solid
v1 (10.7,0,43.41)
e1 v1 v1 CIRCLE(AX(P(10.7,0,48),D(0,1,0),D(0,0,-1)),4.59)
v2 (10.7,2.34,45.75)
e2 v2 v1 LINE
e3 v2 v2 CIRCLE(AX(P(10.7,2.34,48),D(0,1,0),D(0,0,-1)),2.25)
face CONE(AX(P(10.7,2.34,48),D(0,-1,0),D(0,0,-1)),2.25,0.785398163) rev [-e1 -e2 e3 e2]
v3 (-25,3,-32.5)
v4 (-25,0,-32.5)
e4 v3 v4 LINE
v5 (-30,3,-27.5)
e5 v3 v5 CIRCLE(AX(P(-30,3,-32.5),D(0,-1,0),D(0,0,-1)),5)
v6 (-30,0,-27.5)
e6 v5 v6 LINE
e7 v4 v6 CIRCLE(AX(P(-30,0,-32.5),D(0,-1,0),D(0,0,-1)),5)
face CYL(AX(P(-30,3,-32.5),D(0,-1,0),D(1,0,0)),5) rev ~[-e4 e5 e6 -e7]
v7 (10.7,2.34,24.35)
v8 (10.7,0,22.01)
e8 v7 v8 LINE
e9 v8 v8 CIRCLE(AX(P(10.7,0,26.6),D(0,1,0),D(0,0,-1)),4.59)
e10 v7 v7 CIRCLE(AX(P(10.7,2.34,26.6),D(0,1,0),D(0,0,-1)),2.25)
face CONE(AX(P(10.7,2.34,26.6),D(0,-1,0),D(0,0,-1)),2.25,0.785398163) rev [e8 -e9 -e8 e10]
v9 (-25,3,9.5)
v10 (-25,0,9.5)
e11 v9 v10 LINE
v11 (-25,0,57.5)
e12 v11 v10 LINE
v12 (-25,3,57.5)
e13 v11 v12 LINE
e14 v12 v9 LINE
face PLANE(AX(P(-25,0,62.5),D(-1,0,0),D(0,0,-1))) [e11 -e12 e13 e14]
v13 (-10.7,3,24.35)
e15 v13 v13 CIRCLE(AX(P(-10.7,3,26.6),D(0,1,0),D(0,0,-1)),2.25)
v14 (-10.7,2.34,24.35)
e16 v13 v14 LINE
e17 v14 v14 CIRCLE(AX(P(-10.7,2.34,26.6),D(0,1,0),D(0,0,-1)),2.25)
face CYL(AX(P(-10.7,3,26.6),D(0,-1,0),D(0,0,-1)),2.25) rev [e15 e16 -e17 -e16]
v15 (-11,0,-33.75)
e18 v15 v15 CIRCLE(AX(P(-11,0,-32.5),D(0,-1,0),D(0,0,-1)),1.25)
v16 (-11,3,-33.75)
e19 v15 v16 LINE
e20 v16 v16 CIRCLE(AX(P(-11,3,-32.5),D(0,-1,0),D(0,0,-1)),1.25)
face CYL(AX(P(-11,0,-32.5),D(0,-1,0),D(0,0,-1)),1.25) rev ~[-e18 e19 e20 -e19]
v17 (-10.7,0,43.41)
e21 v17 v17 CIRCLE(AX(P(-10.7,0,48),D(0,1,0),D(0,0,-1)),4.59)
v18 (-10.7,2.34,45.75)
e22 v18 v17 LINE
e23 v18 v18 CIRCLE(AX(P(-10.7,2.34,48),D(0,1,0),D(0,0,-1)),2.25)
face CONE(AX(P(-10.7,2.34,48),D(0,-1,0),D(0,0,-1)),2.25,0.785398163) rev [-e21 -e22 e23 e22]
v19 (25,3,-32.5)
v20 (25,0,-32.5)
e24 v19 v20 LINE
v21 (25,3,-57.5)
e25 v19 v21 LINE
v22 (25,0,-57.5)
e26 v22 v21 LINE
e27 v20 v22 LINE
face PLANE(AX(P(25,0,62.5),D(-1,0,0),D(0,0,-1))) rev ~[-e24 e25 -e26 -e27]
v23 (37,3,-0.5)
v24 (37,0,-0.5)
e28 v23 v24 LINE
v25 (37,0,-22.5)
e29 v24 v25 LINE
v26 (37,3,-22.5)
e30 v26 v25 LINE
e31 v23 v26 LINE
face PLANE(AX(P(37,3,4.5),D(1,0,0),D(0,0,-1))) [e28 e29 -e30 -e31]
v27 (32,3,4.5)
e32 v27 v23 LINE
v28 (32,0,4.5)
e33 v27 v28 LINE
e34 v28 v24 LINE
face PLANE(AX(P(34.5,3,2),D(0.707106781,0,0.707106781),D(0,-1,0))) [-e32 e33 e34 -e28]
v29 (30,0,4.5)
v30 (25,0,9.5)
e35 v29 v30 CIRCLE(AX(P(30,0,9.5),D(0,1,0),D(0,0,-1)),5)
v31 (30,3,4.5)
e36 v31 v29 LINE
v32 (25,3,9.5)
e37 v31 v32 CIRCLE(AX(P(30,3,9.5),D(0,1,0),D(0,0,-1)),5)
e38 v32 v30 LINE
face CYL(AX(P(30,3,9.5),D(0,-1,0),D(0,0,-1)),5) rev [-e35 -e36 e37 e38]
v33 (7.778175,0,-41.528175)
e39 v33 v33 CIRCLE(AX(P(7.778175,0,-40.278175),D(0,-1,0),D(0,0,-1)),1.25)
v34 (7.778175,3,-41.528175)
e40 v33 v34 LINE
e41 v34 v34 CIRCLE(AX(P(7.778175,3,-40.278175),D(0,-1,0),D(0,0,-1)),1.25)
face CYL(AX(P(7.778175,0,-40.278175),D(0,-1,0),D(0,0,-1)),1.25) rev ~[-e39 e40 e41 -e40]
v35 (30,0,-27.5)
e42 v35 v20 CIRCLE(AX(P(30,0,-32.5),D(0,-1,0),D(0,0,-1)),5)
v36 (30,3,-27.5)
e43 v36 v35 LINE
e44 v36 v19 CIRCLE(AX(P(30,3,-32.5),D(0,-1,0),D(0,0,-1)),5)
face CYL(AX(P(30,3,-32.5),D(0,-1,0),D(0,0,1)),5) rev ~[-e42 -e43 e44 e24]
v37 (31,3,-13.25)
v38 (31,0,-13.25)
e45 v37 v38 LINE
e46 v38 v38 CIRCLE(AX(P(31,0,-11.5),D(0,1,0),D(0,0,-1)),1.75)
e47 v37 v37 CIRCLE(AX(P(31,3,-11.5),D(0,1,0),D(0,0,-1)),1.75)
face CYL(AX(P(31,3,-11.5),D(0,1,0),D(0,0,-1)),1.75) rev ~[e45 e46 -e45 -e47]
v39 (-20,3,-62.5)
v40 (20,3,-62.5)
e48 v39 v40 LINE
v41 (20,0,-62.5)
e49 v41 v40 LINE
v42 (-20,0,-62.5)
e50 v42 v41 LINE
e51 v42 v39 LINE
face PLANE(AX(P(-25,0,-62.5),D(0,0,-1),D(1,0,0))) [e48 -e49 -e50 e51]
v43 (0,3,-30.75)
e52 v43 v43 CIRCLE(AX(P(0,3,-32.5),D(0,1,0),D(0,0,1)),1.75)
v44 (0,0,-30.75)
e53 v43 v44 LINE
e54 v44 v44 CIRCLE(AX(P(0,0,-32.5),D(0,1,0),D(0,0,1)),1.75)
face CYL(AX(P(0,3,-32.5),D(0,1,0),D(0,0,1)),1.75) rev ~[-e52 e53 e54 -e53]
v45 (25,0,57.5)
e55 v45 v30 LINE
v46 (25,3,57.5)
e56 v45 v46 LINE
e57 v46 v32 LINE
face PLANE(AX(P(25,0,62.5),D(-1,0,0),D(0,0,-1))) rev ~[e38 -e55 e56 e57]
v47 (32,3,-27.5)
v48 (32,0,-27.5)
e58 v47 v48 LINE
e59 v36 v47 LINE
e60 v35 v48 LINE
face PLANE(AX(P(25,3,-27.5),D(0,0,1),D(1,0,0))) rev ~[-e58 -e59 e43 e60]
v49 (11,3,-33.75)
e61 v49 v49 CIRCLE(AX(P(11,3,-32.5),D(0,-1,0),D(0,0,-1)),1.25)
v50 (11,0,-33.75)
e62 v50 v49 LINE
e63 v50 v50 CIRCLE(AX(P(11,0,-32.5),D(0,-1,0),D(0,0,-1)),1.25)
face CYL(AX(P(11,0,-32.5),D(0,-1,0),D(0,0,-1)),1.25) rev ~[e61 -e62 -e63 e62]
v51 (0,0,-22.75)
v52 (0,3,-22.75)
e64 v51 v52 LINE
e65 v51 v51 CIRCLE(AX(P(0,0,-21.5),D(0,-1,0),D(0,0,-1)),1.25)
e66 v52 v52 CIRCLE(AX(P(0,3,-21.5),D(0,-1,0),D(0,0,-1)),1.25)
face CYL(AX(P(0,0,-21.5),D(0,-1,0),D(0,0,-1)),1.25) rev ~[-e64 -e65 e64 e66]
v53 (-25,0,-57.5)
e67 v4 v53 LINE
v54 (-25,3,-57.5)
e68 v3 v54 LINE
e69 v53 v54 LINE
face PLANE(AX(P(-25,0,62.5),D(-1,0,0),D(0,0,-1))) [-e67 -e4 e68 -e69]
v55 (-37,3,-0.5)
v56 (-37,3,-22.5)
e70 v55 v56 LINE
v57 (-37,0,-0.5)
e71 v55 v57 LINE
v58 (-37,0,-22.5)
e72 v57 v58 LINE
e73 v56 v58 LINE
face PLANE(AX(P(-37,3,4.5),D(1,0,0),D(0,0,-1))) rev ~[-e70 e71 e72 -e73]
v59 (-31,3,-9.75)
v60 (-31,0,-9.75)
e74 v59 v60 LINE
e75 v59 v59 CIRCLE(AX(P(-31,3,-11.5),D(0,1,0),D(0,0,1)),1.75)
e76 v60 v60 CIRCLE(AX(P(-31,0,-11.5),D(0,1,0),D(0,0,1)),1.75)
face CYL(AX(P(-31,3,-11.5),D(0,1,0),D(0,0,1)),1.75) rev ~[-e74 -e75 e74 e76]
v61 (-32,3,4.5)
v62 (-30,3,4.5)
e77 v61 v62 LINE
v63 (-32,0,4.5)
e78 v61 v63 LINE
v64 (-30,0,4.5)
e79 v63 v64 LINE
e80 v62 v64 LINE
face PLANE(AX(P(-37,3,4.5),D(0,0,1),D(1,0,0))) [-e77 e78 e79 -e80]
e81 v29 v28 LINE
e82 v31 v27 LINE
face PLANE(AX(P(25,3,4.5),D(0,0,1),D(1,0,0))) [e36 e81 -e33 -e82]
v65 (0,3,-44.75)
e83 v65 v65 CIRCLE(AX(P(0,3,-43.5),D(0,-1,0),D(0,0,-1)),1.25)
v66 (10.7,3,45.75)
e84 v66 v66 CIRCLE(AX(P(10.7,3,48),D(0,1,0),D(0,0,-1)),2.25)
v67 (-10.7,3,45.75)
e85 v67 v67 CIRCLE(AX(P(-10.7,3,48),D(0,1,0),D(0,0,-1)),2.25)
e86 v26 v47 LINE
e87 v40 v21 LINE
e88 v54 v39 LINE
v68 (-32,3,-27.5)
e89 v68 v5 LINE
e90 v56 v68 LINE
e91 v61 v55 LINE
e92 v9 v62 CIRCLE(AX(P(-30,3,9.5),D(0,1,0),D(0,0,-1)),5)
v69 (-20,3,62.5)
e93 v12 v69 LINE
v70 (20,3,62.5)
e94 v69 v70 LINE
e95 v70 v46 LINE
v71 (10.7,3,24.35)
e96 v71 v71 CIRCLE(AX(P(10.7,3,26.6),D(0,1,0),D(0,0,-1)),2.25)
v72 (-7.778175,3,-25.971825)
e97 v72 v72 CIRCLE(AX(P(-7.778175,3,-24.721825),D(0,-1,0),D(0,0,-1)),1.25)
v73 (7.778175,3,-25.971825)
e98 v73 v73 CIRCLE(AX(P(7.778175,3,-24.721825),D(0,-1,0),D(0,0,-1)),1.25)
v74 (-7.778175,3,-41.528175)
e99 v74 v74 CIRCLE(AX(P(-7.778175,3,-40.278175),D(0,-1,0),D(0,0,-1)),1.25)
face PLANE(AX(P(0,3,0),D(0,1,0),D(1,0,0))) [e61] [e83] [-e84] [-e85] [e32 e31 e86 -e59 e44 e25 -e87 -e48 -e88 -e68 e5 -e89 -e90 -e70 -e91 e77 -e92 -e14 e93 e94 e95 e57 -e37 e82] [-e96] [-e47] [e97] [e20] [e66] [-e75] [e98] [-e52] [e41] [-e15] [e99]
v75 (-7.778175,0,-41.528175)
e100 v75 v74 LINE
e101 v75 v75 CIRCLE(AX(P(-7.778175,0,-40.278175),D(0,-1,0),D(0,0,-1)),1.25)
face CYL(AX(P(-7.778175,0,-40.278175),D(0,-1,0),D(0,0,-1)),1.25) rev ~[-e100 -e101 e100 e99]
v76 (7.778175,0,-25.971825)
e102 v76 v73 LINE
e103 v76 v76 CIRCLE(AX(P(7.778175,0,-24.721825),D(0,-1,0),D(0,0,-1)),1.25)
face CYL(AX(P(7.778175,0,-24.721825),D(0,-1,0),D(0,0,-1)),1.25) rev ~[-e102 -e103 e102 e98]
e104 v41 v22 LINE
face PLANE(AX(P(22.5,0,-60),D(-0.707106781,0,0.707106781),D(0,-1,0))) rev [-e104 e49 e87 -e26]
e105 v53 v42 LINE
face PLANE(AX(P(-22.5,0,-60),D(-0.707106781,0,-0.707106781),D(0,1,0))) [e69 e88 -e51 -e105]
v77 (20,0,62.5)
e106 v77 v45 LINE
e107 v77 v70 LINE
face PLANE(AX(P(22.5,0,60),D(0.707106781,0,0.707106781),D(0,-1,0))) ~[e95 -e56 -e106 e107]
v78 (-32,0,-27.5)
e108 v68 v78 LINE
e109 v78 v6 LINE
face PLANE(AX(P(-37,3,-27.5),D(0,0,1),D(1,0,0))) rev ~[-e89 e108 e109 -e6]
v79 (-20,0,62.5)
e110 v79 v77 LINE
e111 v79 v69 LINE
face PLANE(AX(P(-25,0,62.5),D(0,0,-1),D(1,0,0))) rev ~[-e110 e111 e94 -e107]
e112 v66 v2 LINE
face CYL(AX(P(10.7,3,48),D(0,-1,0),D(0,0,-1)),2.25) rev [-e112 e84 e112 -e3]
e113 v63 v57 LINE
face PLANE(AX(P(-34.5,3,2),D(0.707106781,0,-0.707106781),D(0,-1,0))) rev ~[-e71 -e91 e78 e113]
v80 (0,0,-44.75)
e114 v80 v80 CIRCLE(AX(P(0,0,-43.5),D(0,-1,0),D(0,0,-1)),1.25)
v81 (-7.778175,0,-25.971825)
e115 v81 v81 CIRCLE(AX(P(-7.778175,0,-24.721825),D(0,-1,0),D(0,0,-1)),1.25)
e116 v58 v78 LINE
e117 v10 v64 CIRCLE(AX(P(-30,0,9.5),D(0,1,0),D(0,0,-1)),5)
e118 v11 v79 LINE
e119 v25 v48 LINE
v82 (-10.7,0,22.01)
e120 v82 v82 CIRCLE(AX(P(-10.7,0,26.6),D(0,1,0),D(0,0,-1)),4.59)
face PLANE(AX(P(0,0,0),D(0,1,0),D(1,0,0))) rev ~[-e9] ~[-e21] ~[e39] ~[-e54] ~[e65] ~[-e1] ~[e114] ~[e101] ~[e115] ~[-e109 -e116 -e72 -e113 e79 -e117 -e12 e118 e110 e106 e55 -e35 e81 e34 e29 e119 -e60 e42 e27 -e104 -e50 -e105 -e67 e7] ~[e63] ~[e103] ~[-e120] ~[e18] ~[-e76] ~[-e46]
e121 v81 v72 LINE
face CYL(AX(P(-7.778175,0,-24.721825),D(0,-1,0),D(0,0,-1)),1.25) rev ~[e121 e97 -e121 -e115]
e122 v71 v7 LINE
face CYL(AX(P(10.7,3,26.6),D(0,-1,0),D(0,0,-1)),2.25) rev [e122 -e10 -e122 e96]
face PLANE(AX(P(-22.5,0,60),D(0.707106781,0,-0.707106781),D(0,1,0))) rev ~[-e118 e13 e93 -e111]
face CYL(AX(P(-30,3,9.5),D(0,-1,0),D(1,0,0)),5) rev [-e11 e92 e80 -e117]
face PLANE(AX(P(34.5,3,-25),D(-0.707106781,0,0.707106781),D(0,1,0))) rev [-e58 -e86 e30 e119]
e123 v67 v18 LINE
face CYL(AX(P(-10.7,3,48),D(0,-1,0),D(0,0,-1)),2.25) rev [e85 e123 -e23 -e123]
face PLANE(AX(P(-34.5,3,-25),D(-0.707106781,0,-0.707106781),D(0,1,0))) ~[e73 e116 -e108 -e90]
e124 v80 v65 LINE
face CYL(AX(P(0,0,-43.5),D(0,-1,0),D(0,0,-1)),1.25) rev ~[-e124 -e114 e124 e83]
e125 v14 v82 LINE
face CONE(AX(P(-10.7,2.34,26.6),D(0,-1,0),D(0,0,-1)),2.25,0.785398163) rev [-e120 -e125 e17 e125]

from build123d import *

# Parameters (mm, degrees)
SKETCH1_W                                    = 50
SKETCH1_H                                    = 125
BOSS_EXTRUDE1_DEPTH                          = 3
SKETCH2_R                                    = 1.75
CUT_EXTRUDE1_DEPTH                           = 10
SKETCH14_R                                   = 2
CUT_EXTRUDE16_DEPTH                          = 10
CSK_FOR_M4_HEX_SOCKET_COUNTERSUNK_HE_2_COUNT = 2
CSK_FOR_M4_HEX_SOCKET_COUNTERSUNK_HE_2_PITCH = 21.4
CSK_FOR_M4_HEX_SOCKET_COUNTERSUNK_HE_3_COUNT = 2
CSK_FOR_M4_HEX_SOCKET_COUNTERSUNK_HE_3_PITCH = 30.264170235
CSK_FOR_M4_HEX_SOCKET_COUNTERSUNK_HE_4_COUNT = 2
CSK_FOR_M4_HEX_SOCKET_COUNTERSUNK_HE_4_PITCH = 21.4
CUT_EXTRUDE17_REACH                          = 69.381
SKETCH18_R                                   = 1.25
CHAMFER1_SIZE                                = 5
SKETCH19_W                                   = 12
SKETCH19_H                                   = 32
BOSS_EXTRUDE2_DEPTH                          = 3
CHAMFER2_SIZE                                = 5
FILLET1_R                                    = 5
SKETCH20_R                                   = 1.75
CUT_EXTRUDE18_DEPTH                          = 73.692846966


with BuildPart() as part:
    # Sketch1 → Boss-Extrude1 (new body)
    with BuildSketch(Plane(origin=(0, 0, 0), x_dir=(1, 0, 0), z_dir=(0, 1, 0))):
        Rectangle(SKETCH1_W, SKETCH1_H)
    extrude(amount=BOSS_EXTRUDE1_DEPTH)

    # Sketch2 → Cut-Extrude1 (cut)
    with BuildSketch(Plane(origin=(0, 3, 0), x_dir=(1, 0, 0), z_dir=(0, 1, 0))):
        with Locations(Location((0, 32.5, 0), (0, 0, 270))):
            Circle(SKETCH2_R)
    extrude(amount=-CUT_EXTRUDE1_DEPTH, mode=Mode.SUBTRACT)

    # Sketch14 → Cut-Extrude16 (cut)
    with BuildSketch(Plane(origin=(0, 3, 0), x_dir=(1, 0, 0), z_dir=(0, 1, 0))):
        with Locations(Location((-10.7, -26.6, 0), (0, 0, 270))):
            Circle(SKETCH14_R)
        with Locations(Location((10.7, -26.6, 0), (0, 0, 270))):
            Circle(SKETCH14_R)
        with Locations(Location((10.7, -48, 0), (0, 0, 270))):
            Circle(SKETCH14_R)
        with Locations(Location((-10.7, -48, 0), (0, 0, 270))):
            Circle(SKETCH14_R)
    extrude(amount=-CUT_EXTRUDE16_DEPTH, mode=Mode.SUBTRACT)

    # Sketch15 → CSK for M4 Hex Socket Countersunk Head Screw1 (revolve, cut)
    with BuildSketch(Plane(origin=(-10.7, 0, 26.6), x_dir=(0, 0, -1), z_dir=(1, 0, 0))):
        Polygon((0, 0), (0, 3), (2.25, 3), (2.25, 2.34), (4.59, 0), align=None)
    csk_for_m4_hex_socket_countersunk_head_s = revolve(axis=Axis((-10.7, -6.35, 26.6), (0, 1, 0)), mode=Mode.SUBTRACT)

    # CSK for M4 Hex Socket Countersunk He 2: CSK for M4 Hex Socket Countersunk Head Screw1 ×2
    with Locations(*[(i * CSK_FOR_M4_HEX_SOCKET_COUNTERSUNK_HE_2_PITCH, 0, 0) for i in range(1, CSK_FOR_M4_HEX_SOCKET_COUNTERSUNK_HE_2_COUNT)]):
        add(csk_for_m4_hex_socket_countersunk_head_s, mode=Mode.SUBTRACT)

    # CSK for M4 Hex Socket Countersunk He 3: CSK for M4 Hex Socket Countersunk Head Screw1 ×2
    with Locations(*[Vector(0.7071067811865474, 0, 0.7071067811865477) * (i * CSK_FOR_M4_HEX_SOCKET_COUNTERSUNK_HE_3_PITCH) for i in range(1, CSK_FOR_M4_HEX_SOCKET_COUNTERSUNK_HE_3_COUNT)]):
        add(csk_for_m4_hex_socket_countersunk_head_s, mode=Mode.SUBTRACT)

    # CSK for M4 Hex Socket Countersunk He 4: CSK for M4 Hex Socket Countersunk Head Screw1 ×2
    with Locations(*[(0, 0, i * CSK_FOR_M4_HEX_SOCKET_COUNTERSUNK_HE_4_PITCH) for i in range(1, CSK_FOR_M4_HEX_SOCKET_COUNTERSUNK_HE_4_COUNT)]):
        add(csk_for_m4_hex_socket_countersunk_head_s, mode=Mode.SUBTRACT)

    # Sketch18 → Cut-Extrude17 (cut, up to next)
    with BuildSketch(Plane.XZ, mode=Mode.PRIVATE) as cut_extrude17_sk1:
        with Locations(Location((0, -21.5, 0), (0, 0, 270))):
            Circle(SKETCH18_R)
    cut_extrude17_tool1 = extrude(cut_extrude17_sk1.sketch, amount=-CUT_EXTRUDE17_REACH, mode=Mode.PRIVATE) & part.part
    # Sketch18 → Cut-Extrude17 (cut, up to next)
    with BuildSketch(Plane.XZ, mode=Mode.PRIVATE) as cut_extrude17_sk2:
        with Locations(Location((0, -43.5, 0), (0, 0, 270))):
            Circle(SKETCH18_R)
    cut_extrude17_tool2 = extrude(cut_extrude17_sk2.sketch, amount=-CUT_EXTRUDE17_REACH, mode=Mode.PRIVATE) & part.part
    # Sketch18 → Cut-Extrude17 (cut, up to next)
    with BuildSketch(Plane.XZ, mode=Mode.PRIVATE) as cut_extrude17_sk3:
        with Locations(Location((-11, -32.5, 0), (0, 0, 270))):
            Circle(SKETCH18_R)
    cut_extrude17_tool3 = extrude(cut_extrude17_sk3.sketch, amount=-CUT_EXTRUDE17_REACH, mode=Mode.PRIVATE) & part.part
    # Sketch18 → Cut-Extrude17 (cut, up to next)
    with BuildSketch(Plane.XZ, mode=Mode.PRIVATE) as cut_extrude17_sk4:
        with Locations(Location((11, -32.5, 0), (0, 0, 270))):
            Circle(SKETCH18_R)
    cut_extrude17_tool4 = extrude(cut_extrude17_sk4.sketch, amount=-CUT_EXTRUDE17_REACH, mode=Mode.PRIVATE) & part.part
    # Sketch18 → Cut-Extrude17 (cut, up to next)
    with BuildSketch(Plane.XZ, mode=Mode.PRIVATE) as cut_extrude17_sk5:
        with Locations(Location((7.778174593, -24.721825407, 0), (0, 0, 270))):
            Circle(SKETCH18_R)
    cut_extrude17_tool5 = extrude(cut_extrude17_sk5.sketch, amount=-CUT_EXTRUDE17_REACH, mode=Mode.PRIVATE) & part.part
    # Sketch18 → Cut-Extrude17 (cut, up to next)
    with BuildSketch(Plane.XZ, mode=Mode.PRIVATE) as cut_extrude17_sk6:
        with Locations(Location((-7.778174593, -24.721825407, 0), (0, 0, 270))):
            Circle(SKETCH18_R)
    cut_extrude17_tool6 = extrude(cut_extrude17_sk6.sketch, amount=-CUT_EXTRUDE17_REACH, mode=Mode.PRIVATE) & part.part
    # Sketch18 → Cut-Extrude17 (cut, up to next)
    with BuildSketch(Plane.XZ, mode=Mode.PRIVATE) as cut_extrude17_sk7:
        with Locations(Location((-7.778174593, -40.278174593, 0), (0, 0, 270))):
            Circle(SKETCH18_R)
    cut_extrude17_tool7 = extrude(cut_extrude17_sk7.sketch, amount=-CUT_EXTRUDE17_REACH, mode=Mode.PRIVATE) & part.part
    # Sketch18 → Cut-Extrude17 (cut, up to next)
    with BuildSketch(Plane.XZ, mode=Mode.PRIVATE) as cut_extrude17_sk8:
        with Locations(Location((7.778174593, -40.278174593, 0), (0, 0, 270))):
            Circle(SKETCH18_R)
    cut_extrude17_tool8 = extrude(cut_extrude17_sk8.sketch, amount=-CUT_EXTRUDE17_REACH, mode=Mode.PRIVATE) & part.part
    add(cut_extrude17_tool1.solids().sort_by_distance((0, 0, -21.5))[0], mode=Mode.SUBTRACT)
    add(cut_extrude17_tool2.solids().sort_by_distance((0, 0, -43.5))[0], mode=Mode.SUBTRACT)
    add(cut_extrude17_tool3.solids().sort_by_distance((-11, 0, -32.5))[0], mode=Mode.SUBTRACT)
    add(cut_extrude17_tool4.solids().sort_by_distance((11, 0, -32.5))[0], mode=Mode.SUBTRACT)
    add(cut_extrude17_tool5.solids().sort_by_distance((7.778175, 0, -24.721825))[0], mode=Mode.SUBTRACT)
    add(cut_extrude17_tool6.solids().sort_by_distance((-7.778175, 0, -24.721825))[0], mode=Mode.SUBTRACT)
    add(cut_extrude17_tool7.solids().sort_by_distance((-7.778175, 0, -40.278175))[0], mode=Mode.SUBTRACT)
    add(cut_extrude17_tool8.solids().sort_by_distance((7.778175, 0, -40.278175))[0], mode=Mode.SUBTRACT)

    # Chamfer1
    chamfer1_edges = [part.edges().sort_by_distance(p)[0] for p in [
        (-25, 1.5, -62.5),
        (25, 1.5, -62.5),
        (25, 1.5, 62.5),
        (-25, 1.5, 62.5),
    ]]
    chamfer(chamfer1_edges, length=CHAMFER1_SIZE)

    # Sketch19 → Boss-Extrude2 (add)
    with BuildSketch(Plane(origin=(0, 3, 0), x_dir=(1, 0, 0), z_dir=(0, 1, 0))):
        with Locations((-31, 11.5)):
            Rectangle(SKETCH19_W, SKETCH19_H)
        with Locations((31, 11.5)):
            Rectangle(SKETCH19_W, SKETCH19_H)
    extrude(amount=-BOSS_EXTRUDE2_DEPTH)

    # Chamfer2
    chamfer2_edges = [part.edges().sort_by_distance(p)[0] for p in [
        (37, 1.5, -27.5),
        (37, 1.5, 4.5),
        (-37, 1.5, -27.5),
        (-37, 1.5, 4.5),
    ]]
    chamfer(chamfer2_edges, length=CHAMFER2_SIZE)

    # Fillet1
    fillet1_edges = [part.edges().sort_by_distance(p)[0] for p in [
        (-25, 1.5, -27.5),
        (-25, 1.5, 4.5),
        (25, 1.5, -27.5),
        (25, 1.5, 4.5),
    ]]
    fillet(fillet1_edges, radius=FILLET1_R)

    # Sketch20 → Cut-Extrude18 (cut, through all)
    with BuildSketch(Plane(origin=(0, 3, 0), x_dir=(1, 0, 0), z_dir=(0, 1, 0))):
        with Locations(Location((-31, 11.5, 0), (0, 0, 270))):
            Circle(SKETCH20_R)
        with Locations(Location((31, 11.5, 0), (0, 0, 90))):
            Circle(SKETCH20_R)
    extrude(amount=-CUT_EXTRUDE18_DEPTH, mode=Mode.SUBTRACT)


solid = part.part
